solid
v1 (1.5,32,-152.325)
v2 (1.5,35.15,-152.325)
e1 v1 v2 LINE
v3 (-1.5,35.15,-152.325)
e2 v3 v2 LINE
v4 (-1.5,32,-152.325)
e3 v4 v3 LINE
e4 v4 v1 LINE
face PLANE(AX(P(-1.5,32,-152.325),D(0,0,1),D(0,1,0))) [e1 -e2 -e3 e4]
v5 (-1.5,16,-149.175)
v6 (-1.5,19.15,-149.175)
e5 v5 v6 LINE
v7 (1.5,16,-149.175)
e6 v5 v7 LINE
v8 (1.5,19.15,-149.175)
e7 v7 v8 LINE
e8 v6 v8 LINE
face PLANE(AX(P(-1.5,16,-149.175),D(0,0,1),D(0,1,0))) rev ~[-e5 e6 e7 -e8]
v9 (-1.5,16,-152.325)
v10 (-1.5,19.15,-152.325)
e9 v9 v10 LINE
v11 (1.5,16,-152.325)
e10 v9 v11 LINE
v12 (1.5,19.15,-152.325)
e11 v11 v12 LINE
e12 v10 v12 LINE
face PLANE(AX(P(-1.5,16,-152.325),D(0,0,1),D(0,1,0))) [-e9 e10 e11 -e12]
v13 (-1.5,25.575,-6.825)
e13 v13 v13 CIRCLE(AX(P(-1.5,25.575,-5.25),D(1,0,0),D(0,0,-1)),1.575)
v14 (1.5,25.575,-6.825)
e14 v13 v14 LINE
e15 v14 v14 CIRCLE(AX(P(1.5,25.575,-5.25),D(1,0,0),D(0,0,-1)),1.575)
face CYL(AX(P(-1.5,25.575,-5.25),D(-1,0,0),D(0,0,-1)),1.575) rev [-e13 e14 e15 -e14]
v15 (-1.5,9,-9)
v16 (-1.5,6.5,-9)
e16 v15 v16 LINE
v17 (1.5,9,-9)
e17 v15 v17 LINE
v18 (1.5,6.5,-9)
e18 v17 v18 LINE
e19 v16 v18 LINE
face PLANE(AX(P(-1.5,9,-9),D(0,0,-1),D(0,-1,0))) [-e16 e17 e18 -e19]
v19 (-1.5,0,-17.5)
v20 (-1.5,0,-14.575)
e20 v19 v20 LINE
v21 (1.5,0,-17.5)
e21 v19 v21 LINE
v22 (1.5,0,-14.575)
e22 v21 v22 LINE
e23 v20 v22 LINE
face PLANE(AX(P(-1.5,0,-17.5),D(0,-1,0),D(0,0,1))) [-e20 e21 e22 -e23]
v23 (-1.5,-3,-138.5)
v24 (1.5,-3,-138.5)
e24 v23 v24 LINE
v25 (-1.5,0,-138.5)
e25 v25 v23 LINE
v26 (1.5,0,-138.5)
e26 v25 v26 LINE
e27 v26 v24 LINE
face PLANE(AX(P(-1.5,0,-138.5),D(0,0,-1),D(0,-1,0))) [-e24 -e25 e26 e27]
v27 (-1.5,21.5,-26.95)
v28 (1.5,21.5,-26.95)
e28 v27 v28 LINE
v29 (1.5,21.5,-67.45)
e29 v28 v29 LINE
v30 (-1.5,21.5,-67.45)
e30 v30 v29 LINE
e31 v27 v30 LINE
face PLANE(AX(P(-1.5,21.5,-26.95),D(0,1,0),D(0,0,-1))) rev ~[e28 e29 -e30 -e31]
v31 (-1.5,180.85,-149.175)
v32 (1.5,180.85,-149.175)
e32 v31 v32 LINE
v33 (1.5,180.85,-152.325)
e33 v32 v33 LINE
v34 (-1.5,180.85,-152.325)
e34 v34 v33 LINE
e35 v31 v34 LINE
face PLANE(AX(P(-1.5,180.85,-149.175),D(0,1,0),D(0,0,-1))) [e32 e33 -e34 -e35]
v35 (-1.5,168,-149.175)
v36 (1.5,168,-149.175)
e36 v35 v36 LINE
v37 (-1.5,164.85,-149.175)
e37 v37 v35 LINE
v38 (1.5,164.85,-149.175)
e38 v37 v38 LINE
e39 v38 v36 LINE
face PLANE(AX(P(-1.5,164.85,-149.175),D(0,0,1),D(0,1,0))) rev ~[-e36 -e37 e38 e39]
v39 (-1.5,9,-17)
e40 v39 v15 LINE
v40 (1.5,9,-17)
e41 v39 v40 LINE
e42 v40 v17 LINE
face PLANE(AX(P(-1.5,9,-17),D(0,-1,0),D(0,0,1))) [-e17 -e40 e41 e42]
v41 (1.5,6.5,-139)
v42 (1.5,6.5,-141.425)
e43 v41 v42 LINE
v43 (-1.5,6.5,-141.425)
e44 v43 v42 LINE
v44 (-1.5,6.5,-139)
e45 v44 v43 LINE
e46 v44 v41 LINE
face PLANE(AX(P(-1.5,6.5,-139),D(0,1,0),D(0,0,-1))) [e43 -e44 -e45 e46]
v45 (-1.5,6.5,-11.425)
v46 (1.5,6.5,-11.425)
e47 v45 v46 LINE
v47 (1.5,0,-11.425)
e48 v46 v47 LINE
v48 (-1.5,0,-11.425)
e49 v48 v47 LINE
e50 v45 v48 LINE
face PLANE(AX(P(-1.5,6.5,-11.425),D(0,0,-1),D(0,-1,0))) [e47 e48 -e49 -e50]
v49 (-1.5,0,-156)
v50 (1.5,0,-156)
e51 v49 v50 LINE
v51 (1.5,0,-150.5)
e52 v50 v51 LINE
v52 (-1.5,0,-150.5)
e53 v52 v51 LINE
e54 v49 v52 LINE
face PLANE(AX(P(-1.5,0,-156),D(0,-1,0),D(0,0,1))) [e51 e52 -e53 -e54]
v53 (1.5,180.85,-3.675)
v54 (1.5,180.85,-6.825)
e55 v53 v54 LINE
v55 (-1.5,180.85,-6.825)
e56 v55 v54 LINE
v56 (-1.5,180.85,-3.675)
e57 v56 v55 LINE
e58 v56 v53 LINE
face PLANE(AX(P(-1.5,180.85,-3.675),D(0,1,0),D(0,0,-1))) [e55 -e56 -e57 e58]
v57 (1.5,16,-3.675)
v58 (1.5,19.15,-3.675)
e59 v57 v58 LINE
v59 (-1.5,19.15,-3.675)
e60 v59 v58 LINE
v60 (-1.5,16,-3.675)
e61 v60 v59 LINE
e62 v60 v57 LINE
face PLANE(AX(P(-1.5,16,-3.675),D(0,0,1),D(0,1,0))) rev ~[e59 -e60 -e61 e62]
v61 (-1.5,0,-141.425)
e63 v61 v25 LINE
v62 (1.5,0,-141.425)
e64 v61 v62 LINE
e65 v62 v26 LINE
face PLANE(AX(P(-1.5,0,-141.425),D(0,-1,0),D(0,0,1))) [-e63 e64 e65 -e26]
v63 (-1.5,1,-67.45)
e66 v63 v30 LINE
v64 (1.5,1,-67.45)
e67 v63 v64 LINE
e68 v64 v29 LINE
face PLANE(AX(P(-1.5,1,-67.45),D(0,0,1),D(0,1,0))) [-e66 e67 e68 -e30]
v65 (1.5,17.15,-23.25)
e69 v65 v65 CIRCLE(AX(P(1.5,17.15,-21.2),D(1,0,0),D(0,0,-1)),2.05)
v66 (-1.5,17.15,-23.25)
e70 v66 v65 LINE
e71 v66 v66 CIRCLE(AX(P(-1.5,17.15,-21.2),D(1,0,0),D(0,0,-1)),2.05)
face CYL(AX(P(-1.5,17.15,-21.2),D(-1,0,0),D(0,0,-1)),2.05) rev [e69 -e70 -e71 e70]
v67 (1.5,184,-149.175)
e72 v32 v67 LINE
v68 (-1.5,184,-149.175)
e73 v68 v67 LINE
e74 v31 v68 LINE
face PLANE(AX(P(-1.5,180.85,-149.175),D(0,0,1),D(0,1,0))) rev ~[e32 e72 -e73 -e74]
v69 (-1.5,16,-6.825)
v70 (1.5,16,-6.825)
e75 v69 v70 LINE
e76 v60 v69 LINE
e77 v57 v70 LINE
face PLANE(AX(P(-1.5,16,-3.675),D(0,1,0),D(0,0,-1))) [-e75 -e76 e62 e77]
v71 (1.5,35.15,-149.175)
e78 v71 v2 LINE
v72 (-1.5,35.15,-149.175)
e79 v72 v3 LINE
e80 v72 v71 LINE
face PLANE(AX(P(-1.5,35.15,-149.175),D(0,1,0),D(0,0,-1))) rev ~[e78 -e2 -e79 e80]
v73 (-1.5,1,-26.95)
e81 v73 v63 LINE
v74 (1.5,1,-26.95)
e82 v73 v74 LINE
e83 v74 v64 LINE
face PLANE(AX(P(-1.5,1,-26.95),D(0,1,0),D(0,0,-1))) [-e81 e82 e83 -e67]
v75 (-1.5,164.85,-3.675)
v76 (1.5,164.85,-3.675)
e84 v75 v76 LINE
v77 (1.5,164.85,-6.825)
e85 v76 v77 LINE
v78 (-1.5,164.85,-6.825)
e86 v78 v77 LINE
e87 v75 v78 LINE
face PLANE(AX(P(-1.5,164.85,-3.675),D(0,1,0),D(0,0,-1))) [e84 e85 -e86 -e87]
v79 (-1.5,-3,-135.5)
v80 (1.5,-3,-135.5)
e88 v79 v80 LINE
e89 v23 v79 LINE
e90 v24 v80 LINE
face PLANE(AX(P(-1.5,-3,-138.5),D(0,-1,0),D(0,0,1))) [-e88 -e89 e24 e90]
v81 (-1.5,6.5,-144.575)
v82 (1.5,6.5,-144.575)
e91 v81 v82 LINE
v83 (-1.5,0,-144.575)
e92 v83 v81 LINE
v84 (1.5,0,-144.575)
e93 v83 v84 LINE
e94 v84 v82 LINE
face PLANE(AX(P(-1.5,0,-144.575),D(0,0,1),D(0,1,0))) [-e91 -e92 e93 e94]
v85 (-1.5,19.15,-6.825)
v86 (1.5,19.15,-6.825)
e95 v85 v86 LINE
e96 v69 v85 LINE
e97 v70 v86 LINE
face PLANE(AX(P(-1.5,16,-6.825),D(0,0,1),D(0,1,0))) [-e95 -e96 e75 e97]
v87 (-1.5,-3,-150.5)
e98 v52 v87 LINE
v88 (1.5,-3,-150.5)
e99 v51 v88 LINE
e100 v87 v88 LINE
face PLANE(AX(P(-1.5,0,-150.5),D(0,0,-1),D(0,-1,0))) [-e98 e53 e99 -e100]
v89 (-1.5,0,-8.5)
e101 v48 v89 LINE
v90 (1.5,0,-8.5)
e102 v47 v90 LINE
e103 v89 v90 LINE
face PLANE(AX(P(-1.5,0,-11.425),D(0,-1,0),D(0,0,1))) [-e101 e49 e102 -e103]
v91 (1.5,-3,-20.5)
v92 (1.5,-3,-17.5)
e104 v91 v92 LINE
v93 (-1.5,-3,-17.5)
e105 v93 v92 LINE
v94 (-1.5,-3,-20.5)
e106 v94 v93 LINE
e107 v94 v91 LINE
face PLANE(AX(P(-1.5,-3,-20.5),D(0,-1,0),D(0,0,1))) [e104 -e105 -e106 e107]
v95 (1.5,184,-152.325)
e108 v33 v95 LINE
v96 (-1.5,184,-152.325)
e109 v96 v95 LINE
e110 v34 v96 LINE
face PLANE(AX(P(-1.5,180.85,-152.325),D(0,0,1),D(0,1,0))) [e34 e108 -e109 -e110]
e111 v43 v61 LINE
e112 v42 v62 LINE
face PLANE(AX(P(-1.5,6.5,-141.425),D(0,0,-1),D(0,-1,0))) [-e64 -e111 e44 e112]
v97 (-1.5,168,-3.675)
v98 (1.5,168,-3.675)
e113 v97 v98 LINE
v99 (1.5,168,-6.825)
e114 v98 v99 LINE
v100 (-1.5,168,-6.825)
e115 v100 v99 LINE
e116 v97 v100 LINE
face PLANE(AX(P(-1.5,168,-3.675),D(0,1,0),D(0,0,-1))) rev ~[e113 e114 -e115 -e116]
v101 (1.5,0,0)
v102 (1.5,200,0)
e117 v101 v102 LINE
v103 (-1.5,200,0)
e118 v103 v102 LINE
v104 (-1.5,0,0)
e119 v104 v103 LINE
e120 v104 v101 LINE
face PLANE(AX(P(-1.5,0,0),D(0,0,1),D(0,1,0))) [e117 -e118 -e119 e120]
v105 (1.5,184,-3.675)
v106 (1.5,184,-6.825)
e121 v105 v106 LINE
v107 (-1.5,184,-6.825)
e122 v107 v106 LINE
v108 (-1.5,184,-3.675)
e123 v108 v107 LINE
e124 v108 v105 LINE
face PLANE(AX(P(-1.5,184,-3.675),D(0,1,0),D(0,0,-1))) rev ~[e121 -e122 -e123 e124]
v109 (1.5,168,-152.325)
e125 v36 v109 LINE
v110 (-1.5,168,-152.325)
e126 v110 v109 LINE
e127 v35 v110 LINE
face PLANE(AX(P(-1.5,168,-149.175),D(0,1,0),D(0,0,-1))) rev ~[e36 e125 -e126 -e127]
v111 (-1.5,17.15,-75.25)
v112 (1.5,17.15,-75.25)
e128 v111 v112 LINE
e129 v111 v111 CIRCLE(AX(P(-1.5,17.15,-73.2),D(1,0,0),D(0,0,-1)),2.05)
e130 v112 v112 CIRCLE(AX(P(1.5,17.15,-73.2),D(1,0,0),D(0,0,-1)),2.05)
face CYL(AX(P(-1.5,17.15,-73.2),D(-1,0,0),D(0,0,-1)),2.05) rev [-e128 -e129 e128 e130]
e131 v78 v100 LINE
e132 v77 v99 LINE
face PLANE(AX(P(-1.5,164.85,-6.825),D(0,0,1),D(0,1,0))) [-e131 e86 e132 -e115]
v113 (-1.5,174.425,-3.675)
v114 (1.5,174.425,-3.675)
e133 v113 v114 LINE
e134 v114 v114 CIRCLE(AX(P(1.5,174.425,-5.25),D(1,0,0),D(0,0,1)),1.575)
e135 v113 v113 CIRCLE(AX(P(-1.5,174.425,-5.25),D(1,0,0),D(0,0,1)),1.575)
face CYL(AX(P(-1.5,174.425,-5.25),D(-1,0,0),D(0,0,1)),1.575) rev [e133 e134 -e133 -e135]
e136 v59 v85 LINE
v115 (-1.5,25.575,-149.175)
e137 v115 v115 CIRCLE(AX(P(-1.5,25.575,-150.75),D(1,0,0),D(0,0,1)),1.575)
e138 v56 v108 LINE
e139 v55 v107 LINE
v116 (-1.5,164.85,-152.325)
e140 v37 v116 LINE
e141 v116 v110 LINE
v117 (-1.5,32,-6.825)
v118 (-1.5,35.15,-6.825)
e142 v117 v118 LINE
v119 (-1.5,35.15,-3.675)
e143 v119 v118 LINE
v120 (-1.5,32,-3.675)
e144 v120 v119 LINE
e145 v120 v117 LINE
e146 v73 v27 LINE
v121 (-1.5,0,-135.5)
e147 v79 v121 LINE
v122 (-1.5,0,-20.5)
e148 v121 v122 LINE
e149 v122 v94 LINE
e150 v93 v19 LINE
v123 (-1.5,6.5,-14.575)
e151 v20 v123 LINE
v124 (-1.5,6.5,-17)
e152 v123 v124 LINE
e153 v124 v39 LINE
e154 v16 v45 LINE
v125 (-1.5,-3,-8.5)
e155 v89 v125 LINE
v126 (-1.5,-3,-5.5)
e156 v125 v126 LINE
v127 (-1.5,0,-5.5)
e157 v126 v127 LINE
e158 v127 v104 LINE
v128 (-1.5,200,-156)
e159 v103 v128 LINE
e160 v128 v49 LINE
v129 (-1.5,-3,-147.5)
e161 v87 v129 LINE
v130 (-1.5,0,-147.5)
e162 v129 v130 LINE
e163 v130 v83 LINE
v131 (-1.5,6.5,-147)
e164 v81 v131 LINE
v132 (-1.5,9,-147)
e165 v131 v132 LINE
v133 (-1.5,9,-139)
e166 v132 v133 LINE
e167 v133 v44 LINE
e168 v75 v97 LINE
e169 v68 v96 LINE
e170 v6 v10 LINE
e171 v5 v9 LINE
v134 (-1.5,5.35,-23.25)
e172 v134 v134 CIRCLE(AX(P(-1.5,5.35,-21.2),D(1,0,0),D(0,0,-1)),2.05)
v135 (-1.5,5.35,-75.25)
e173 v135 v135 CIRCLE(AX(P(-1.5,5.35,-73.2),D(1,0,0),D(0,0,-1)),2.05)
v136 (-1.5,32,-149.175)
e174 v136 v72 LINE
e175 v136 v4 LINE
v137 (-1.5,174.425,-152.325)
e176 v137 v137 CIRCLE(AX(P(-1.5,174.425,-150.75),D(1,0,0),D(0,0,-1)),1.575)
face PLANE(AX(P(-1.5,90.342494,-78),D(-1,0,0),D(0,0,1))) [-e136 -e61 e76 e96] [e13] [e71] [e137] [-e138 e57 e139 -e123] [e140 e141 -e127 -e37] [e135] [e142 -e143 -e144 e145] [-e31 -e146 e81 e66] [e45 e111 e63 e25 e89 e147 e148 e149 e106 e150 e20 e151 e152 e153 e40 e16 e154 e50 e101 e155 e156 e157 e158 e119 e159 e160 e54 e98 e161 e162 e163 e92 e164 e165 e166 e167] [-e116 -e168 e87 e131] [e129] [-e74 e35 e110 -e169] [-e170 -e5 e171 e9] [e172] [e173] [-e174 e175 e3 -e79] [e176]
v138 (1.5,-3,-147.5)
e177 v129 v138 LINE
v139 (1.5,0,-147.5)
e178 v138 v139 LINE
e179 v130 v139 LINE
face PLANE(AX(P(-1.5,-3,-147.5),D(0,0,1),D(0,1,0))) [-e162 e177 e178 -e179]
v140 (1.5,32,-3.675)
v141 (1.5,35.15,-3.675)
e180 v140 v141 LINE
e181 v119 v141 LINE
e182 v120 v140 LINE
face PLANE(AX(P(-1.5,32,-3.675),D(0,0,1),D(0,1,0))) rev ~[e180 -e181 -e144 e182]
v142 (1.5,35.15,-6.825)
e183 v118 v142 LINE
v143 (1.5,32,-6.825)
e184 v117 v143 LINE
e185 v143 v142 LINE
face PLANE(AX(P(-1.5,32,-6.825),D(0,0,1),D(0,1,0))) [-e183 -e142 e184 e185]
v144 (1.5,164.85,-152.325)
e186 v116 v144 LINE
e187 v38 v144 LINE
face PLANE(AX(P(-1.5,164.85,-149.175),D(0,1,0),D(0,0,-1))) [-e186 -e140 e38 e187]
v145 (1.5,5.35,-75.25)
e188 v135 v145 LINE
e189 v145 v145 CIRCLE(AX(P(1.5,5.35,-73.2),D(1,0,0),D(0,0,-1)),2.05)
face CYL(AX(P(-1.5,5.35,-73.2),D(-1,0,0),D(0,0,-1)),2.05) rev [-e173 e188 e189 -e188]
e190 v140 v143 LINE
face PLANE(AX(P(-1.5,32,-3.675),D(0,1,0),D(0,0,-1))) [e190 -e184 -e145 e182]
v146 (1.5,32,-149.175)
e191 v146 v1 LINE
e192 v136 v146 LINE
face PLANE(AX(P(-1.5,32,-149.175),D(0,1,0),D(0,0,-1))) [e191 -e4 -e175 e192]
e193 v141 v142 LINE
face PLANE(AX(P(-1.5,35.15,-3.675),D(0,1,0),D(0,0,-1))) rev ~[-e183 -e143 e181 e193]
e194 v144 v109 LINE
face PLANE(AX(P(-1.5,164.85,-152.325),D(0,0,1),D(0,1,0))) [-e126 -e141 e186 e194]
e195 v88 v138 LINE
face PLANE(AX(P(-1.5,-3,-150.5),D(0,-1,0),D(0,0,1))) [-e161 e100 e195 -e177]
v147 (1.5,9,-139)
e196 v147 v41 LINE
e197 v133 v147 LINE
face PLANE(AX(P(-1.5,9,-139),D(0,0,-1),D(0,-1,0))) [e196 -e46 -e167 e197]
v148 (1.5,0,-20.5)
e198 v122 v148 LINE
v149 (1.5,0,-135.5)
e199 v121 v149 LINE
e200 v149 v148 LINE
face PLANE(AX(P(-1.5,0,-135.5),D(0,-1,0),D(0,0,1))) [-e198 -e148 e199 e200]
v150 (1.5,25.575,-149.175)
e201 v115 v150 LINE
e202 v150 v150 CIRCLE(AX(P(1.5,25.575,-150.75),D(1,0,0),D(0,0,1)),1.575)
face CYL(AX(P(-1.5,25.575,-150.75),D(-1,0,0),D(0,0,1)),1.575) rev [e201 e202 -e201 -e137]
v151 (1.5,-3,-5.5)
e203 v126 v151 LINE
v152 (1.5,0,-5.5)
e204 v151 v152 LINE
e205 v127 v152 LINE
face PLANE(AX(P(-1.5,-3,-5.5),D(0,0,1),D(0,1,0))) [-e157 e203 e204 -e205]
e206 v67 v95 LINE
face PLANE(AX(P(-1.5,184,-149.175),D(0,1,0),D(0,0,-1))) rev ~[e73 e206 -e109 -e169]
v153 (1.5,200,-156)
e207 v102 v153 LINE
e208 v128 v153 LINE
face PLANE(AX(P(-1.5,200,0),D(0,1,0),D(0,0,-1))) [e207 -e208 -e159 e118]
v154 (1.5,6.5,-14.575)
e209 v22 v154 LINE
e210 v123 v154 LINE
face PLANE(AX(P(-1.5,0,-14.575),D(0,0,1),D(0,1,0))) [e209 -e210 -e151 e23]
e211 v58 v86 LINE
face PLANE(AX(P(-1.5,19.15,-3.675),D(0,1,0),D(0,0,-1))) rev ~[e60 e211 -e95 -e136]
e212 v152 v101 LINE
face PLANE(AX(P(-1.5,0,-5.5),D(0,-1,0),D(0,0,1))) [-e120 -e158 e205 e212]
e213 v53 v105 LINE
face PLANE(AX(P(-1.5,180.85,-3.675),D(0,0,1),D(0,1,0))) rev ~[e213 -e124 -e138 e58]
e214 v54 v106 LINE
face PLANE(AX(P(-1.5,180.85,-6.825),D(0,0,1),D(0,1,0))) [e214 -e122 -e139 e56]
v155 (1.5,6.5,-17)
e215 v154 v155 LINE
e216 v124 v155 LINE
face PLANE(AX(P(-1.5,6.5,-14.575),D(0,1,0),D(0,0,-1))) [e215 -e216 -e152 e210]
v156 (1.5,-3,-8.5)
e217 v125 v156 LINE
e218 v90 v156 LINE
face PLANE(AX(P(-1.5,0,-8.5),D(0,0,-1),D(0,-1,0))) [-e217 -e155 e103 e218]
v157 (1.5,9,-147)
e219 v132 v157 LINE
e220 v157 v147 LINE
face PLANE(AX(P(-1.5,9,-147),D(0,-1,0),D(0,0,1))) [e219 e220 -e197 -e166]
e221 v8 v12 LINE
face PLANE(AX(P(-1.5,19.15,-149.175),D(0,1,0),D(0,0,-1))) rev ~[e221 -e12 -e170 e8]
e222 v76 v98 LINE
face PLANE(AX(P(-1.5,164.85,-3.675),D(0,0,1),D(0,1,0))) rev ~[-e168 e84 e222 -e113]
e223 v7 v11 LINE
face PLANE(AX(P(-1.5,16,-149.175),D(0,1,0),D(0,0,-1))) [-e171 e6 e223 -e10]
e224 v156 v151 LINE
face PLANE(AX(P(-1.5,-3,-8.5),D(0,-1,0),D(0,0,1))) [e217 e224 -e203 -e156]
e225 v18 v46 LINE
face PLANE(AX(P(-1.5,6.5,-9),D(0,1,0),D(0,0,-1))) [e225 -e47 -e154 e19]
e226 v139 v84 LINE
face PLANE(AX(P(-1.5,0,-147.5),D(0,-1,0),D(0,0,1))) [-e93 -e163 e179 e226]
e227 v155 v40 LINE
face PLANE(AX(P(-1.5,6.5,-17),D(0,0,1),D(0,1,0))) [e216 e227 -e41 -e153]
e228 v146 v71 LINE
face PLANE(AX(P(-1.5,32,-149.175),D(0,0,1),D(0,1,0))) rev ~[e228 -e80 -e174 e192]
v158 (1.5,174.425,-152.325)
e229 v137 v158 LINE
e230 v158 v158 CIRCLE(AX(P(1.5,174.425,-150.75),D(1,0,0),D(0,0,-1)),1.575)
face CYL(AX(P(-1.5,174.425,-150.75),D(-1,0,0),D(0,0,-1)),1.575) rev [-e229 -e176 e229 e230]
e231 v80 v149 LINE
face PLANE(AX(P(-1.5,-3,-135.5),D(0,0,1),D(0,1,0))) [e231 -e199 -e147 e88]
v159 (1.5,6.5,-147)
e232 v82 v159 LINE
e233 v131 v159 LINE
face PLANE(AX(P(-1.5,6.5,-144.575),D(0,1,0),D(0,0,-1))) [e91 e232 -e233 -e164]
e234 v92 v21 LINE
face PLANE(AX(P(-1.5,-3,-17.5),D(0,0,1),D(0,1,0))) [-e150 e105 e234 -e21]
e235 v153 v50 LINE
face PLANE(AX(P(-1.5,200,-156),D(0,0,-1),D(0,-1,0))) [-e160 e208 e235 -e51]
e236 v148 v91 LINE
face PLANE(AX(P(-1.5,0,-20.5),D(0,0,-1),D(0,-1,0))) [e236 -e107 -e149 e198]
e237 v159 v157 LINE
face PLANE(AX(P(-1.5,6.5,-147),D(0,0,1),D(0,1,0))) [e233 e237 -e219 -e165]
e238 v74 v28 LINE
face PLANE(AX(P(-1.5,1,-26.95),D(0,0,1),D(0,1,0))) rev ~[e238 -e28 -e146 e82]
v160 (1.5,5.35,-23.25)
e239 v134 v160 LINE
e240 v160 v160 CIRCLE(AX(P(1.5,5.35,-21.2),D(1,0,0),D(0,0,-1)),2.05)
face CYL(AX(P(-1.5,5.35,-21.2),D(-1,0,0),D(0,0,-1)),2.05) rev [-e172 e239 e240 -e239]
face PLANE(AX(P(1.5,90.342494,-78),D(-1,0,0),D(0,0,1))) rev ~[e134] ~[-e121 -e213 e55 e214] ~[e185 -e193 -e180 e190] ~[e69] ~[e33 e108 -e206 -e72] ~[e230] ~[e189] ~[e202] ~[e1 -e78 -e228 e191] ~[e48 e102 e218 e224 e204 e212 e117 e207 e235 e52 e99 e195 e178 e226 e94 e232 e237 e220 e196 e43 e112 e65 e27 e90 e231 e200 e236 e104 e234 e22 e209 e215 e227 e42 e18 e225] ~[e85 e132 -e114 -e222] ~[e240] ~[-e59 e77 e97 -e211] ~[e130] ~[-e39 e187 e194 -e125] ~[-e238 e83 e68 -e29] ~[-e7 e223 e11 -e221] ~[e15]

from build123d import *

# Parameters (mm, degrees)
BOSS_EXTRUDE2_DEPTH      = 1.5
BOSS_EXTRUDE2_DEPTH_BACK = 1.5
SKETCH1_R                = 1.575
SKETCH1_R_2              = 2.05
SKETCH1_W                = 40.5
SKETCH1_H                = 20.499999995
SKETCH1_W_2              = 3.15
SKETCH1_H_2              = 3.15


with BuildPart() as part:
    # Sketch1 → Boss-Extrude2 (new, two sides: drawn at the far end of the back side and taken through both)
    with BuildSketch(Plane(origin=(0, 0, 0), x_dir=(0, 0, -1), z_dir=(1, 0, 0)).offset(-BOSS_EXTRUDE2_DEPTH_BACK)):
        Polygon((11.425, 0), (8.5, 0), (8.5, -3), (5.5, -3), (5.5, 0), (0, 0), (0, 200), (156, 200), (156, 0), (150.5, 0), (150.5, -3), (147.5, -3), (147.5, 0), (144.575, 0), (144.575, 6.5), (147, 6.5), (147, 9), (139, 9), (139, 6.5), (141.425, 6.5), (141.425, 0), (138.5, 0), (138.5, -3), (135.5, -3), (135.5, 0), (20.5, 0), (20.5, -3), (17.5, -3), (17.5, 0), (14.575, 0), (14.575, 6.5), (17, 6.5), (17, 9), (9, 9), (9, 6.5), (11.425, 6.5), align=None)
        with Locations((5.25, 25.575)):
            Circle(SKETCH1_R, mode=Mode.SUBTRACT)
        with Locations((5.25, 174.425)):
            Circle(SKETCH1_R, mode=Mode.SUBTRACT)
        with Locations((150.75, 174.425)):
            Circle(SKETCH1_R, mode=Mode.SUBTRACT)
        with Locations((150.75, 25.575)):
            Circle(SKETCH1_R, mode=Mode.SUBTRACT)
        with Locations((73.2, 5.35)):
            Circle(SKETCH1_R_2, mode=Mode.SUBTRACT)
        with Locations((73.2, 17.149999995)):
            Circle(SKETCH1_R_2, mode=Mode.SUBTRACT)
        with Locations((21.2, 5.35)):
            Circle(SKETCH1_R_2, mode=Mode.SUBTRACT)
        with Locations((21.2, 17.149999995)):
            Circle(SKETCH1_R_2, mode=Mode.SUBTRACT)
        with Locations((47.2, 11.249999997)):
            Rectangle(SKETCH1_W, SKETCH1_H, mode=Mode.SUBTRACT)
        with Locations((5.25, 17.575)):
            Rectangle(SKETCH1_W_2, SKETCH1_H_2, mode=Mode.SUBTRACT)
        with Locations((5.25, 33.575)):
            Rectangle(SKETCH1_W_2, SKETCH1_H_2, mode=Mode.SUBTRACT)
        with Locations((5.25, 166.425)):
            Rectangle(SKETCH1_W_2, SKETCH1_H_2, mode=Mode.SUBTRACT)
        with Locations((5.25, 182.425)):
            Rectangle(SKETCH1_W_2, SKETCH1_H_2, mode=Mode.SUBTRACT)
        with Locations((150.75, 182.425)):
            Rectangle(SKETCH1_W_2, SKETCH1_H_2, mode=Mode.SUBTRACT)
        with Locations((150.75, 166.425)):
            Rectangle(SKETCH1_W_2, SKETCH1_H_2, mode=Mode.SUBTRACT)
        with Locations((150.75, 33.575)):
            Rectangle(SKETCH1_W_2, SKETCH1_H_2, mode=Mode.SUBTRACT)
        with Locations((150.75, 17.575)):
            Rectangle(SKETCH1_W_2, SKETCH1_H_2, mode=Mode.SUBTRACT)
    extrude(amount=BOSS_EXTRUDE2_DEPTH + BOSS_EXTRUDE2_DEPTH_BACK)


solid = part.part
